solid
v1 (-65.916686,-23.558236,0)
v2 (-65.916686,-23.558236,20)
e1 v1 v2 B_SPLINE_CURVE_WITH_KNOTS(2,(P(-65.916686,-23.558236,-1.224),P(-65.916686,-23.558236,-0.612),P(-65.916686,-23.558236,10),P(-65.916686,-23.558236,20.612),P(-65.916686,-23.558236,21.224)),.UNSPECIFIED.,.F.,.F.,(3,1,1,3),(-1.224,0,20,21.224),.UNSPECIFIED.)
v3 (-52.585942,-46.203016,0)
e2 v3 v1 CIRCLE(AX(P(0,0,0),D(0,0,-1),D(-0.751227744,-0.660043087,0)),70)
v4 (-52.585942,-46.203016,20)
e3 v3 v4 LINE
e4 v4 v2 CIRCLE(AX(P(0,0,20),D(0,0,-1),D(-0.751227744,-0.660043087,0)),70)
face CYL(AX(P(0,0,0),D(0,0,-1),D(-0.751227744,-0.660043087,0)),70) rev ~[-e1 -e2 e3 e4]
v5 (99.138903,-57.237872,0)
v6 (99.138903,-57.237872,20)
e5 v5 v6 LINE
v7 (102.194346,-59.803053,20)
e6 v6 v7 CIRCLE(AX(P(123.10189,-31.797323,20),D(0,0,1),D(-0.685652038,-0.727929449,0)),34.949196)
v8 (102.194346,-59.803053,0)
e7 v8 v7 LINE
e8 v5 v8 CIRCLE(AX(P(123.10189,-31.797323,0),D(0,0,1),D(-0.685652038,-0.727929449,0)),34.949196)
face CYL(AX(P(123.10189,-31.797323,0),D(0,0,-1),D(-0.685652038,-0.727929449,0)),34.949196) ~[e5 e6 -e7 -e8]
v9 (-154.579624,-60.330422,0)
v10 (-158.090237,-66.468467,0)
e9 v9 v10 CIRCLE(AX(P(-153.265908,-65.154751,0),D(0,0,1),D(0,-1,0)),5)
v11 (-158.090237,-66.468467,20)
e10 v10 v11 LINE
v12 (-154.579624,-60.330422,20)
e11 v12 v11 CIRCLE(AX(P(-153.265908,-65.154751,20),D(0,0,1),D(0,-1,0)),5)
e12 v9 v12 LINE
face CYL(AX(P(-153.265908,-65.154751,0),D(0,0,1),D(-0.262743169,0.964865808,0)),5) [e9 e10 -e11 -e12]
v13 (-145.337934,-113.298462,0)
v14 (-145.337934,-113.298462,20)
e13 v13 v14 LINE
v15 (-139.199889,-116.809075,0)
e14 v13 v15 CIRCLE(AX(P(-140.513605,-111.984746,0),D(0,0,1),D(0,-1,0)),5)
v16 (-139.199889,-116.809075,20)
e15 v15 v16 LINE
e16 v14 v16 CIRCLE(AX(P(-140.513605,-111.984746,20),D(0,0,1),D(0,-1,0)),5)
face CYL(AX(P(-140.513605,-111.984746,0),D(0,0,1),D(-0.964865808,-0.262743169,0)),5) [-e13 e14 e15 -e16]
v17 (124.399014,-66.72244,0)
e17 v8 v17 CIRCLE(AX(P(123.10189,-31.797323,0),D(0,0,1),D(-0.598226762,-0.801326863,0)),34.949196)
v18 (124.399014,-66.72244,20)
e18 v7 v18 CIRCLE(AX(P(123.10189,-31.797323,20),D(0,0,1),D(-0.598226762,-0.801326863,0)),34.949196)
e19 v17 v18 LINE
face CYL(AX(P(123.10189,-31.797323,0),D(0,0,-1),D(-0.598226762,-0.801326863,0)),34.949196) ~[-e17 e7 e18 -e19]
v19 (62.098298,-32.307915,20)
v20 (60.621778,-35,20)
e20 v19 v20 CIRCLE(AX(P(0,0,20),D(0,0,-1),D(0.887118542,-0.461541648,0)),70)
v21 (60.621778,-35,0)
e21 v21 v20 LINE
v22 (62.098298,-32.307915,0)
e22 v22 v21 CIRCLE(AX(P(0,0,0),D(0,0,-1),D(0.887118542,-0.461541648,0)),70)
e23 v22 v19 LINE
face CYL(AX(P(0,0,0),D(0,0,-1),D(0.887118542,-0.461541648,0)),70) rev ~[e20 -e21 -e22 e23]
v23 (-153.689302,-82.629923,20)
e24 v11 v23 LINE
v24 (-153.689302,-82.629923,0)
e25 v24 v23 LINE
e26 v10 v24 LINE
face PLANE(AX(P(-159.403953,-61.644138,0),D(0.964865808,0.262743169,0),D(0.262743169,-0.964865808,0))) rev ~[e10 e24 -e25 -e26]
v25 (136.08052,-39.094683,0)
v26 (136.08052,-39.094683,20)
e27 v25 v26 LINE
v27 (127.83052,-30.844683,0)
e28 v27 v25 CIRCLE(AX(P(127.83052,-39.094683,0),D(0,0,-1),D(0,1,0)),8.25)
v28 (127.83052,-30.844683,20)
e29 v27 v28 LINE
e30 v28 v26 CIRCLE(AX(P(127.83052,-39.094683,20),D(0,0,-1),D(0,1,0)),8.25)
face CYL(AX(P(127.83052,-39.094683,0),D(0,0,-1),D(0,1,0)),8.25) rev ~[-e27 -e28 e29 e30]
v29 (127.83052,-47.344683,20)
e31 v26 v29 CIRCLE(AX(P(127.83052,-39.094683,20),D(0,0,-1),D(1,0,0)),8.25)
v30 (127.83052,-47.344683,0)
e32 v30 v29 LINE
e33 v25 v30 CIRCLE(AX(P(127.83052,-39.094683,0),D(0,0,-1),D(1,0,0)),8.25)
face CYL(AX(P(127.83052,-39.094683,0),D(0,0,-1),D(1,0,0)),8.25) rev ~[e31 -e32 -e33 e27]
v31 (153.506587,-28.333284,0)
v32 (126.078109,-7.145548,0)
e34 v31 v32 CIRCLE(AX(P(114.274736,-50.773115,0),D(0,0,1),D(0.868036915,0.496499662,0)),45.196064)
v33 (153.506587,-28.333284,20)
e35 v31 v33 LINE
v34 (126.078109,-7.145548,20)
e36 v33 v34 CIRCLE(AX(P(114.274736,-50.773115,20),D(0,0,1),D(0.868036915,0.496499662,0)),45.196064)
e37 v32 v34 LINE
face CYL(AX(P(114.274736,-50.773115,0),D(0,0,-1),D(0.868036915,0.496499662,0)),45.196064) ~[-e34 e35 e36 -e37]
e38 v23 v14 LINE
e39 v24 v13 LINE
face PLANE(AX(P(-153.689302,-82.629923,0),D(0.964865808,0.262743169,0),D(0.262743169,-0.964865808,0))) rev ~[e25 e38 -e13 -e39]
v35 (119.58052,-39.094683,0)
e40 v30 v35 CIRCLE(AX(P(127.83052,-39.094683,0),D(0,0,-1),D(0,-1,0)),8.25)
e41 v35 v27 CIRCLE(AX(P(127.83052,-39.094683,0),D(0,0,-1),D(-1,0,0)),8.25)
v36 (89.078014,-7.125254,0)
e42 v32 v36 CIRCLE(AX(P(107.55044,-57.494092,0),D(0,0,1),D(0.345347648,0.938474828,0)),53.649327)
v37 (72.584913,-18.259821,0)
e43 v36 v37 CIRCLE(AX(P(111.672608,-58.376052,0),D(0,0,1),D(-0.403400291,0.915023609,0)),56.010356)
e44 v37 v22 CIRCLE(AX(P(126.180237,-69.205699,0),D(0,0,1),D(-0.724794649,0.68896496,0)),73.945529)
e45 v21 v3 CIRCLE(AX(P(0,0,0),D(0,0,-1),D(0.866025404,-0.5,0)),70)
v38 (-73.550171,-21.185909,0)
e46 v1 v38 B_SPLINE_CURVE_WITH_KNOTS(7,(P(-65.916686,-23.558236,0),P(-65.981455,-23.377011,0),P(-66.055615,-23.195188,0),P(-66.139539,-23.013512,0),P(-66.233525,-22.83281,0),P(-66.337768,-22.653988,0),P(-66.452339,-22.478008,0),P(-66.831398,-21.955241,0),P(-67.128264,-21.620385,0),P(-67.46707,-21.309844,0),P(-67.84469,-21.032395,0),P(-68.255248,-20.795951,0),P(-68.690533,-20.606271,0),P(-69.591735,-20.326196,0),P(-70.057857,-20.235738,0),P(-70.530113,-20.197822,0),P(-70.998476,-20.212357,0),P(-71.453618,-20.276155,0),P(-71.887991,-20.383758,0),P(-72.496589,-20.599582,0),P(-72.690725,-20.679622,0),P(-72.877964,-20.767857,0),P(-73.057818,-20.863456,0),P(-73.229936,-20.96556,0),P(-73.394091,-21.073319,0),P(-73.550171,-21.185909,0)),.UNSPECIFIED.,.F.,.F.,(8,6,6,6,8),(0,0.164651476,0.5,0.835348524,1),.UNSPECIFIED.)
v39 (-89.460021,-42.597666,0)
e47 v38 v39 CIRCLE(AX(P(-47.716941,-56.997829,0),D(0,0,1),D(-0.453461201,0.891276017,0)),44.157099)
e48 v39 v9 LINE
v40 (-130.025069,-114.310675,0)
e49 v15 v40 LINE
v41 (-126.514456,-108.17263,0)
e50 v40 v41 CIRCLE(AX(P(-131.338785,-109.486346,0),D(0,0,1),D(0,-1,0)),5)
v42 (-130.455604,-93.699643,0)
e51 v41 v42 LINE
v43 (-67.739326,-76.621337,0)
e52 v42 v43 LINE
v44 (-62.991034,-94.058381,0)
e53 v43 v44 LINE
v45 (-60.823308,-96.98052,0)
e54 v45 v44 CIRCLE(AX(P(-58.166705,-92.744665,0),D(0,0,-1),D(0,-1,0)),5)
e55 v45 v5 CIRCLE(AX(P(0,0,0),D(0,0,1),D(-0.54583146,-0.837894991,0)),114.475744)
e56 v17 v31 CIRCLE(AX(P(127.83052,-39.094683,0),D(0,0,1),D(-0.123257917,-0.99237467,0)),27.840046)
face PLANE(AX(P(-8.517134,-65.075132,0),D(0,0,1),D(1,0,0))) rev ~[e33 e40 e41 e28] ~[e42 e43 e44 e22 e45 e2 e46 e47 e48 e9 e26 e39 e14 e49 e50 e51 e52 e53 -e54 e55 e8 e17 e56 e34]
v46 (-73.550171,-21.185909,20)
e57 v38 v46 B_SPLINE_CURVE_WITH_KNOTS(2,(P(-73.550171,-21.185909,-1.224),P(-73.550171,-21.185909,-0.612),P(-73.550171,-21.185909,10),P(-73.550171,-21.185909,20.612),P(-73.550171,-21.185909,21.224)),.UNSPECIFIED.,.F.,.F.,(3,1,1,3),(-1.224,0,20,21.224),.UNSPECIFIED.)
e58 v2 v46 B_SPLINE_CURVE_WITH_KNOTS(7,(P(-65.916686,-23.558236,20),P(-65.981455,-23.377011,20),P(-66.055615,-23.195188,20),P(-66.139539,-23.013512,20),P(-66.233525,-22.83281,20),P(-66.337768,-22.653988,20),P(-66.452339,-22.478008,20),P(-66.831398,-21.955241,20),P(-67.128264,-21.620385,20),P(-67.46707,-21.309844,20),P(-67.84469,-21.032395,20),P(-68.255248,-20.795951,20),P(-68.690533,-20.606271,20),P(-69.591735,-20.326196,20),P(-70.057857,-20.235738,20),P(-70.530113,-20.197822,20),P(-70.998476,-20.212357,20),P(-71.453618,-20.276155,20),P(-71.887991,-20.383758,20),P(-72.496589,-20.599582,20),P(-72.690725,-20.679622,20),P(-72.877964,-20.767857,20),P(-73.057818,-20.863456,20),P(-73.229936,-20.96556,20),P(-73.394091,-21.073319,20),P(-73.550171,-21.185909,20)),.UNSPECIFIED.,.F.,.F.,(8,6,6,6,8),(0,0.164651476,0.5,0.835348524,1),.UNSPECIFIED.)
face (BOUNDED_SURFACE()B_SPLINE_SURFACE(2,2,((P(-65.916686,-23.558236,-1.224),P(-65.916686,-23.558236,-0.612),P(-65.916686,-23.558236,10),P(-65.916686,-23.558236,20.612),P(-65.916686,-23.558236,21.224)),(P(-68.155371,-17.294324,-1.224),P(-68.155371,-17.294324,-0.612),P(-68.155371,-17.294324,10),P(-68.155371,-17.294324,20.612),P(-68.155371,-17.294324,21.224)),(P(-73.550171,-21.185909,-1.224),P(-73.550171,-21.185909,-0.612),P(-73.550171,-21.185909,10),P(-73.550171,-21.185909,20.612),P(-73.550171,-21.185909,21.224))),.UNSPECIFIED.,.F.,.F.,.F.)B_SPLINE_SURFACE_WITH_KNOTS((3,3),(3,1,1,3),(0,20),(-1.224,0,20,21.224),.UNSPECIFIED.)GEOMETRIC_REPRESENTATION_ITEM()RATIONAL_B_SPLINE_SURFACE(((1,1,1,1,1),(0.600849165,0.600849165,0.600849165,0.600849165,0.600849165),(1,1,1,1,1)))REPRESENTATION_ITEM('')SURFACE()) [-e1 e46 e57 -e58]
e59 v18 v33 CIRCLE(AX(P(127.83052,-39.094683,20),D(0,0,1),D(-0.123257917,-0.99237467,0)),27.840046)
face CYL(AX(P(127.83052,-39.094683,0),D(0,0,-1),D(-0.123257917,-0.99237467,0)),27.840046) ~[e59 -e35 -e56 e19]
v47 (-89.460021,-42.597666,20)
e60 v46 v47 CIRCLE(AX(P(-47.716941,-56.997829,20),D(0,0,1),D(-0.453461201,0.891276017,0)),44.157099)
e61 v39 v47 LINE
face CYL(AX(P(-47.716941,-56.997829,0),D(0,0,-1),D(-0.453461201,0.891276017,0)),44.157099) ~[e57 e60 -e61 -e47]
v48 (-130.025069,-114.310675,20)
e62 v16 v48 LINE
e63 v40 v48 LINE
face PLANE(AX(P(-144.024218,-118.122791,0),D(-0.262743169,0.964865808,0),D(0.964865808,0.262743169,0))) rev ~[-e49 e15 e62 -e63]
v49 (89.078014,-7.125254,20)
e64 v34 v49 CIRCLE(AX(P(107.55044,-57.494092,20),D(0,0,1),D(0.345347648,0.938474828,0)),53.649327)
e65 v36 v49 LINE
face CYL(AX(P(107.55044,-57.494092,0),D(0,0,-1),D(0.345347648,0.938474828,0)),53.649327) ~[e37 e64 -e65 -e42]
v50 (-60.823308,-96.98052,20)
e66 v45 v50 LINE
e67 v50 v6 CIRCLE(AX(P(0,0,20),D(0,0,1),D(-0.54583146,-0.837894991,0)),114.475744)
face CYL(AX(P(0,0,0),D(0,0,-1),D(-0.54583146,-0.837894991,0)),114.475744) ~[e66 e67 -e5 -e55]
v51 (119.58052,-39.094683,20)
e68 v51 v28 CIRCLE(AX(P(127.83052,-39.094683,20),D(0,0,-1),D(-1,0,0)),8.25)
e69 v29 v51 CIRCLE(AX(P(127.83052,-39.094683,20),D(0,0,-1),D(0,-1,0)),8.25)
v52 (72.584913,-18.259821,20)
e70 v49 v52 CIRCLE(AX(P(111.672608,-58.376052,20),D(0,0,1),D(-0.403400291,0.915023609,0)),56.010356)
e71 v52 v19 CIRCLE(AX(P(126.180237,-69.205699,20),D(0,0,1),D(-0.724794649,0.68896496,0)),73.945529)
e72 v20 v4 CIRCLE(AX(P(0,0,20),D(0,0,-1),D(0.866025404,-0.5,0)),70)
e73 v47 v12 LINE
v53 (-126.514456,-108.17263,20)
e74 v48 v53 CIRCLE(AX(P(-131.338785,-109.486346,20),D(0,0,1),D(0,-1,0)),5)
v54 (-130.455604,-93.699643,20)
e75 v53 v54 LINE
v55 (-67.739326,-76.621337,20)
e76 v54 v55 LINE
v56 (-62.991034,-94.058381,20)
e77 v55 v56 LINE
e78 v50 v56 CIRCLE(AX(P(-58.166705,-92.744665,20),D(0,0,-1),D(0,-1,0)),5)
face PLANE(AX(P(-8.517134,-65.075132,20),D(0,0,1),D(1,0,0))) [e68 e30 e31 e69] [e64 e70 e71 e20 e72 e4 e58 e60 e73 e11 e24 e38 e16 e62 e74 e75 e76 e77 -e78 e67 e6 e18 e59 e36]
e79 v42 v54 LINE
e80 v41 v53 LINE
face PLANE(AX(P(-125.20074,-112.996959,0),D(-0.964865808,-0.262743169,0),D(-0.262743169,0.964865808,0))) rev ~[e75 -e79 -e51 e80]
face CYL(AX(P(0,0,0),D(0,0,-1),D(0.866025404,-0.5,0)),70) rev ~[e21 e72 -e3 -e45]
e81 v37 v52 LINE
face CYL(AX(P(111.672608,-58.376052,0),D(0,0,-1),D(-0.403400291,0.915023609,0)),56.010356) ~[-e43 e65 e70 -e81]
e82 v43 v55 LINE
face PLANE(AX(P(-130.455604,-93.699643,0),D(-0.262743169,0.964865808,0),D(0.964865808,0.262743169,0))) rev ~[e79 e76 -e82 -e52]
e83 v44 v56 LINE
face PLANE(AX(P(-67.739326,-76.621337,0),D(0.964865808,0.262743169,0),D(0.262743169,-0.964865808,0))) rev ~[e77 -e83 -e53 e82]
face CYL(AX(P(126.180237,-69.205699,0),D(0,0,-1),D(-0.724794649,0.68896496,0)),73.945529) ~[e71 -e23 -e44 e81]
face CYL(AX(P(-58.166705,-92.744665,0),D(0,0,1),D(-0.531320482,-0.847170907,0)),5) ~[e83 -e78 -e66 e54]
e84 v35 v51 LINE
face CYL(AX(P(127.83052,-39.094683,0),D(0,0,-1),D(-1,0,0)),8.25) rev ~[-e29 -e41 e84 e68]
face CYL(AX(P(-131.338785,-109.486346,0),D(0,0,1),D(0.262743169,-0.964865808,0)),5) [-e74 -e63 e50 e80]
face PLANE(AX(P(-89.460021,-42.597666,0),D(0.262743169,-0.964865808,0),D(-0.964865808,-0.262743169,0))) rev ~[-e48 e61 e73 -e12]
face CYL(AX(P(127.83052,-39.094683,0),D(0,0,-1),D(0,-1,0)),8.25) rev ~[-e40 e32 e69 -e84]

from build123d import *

# Parameters (mm, degrees)
F1_DEPTH = 20
F2_R     = 5


with BuildPart() as f1:
    # F0 (on Top) → F1 (new body)
    with BuildSketch(Plane.XY):
        with BuildLine():
            ThreePointArc((62.0982979234, -32.3079153616), (61.3748002428, -33.6620542326), (60.6217782649, -35))
            ThreePointArc((60.6217782649, -35), (6.8935156521, -69.6597404672), (-52.585942091, -46.2030160747))
            ThreePointArc((-52.585942091, -46.2030160747), (-61.8348543065, -32.8093095462), (-67.7404726567, -17.6416655747))
            ThreePointArc((-67.7404726567, -17.6416655747), (-81.0257847056, -28.0086868154), (-89.4600211499, -42.5976655747))
            Line((-89.4600211499, -42.5976655747), (-159.4039528531, -61.6441383078))
            Line((-159.4039528531, -61.6441383078), (-153.6893015355, -82.6299232912))
            Line((-153.6893015355, -82.6299232912), (-144.0242180926, -118.1227909579))
            Line((-144.0242180926, -118.1227909579), (-125.2007401483, -112.996958728))
            Line((-125.2007401483, -112.996958728), (-130.4556035369, -93.6996425735))
            Line((-130.4556035369, -93.6996425735), (-67.7393260347, -76.6213365607))
            Line((-67.7393260347, -76.6213365607), (-62.4844626461, -95.9186527152))
            ThreePointArc((-62.4844626461, -95.9186527152), (26.6446559229, -111.3317489381), (99.1389025971, -57.2378721016))
            ThreePointArc((99.1389025971, -57.2378721016), (100.6299921675, -58.5640955368), (102.1943456774, -59.8030526802))
            ThreePointArc((102.1943456774, -59.8030526802), (112.7042159478, -65.1639931789), (124.3990139715, -66.7224396218))
            ThreePointArc((124.3990139715, -66.7224396218), (150.0146795525, -55.9152425647), (153.506587349, -28.3332844884))
            ThreePointArc((153.506587349, -28.3332844884), (141.9040424388, -15.0057333176), (126.0781092152, -7.1455484467))
            ThreePointArc((126.0781092152, -7.1455484467), (107.5798665118, -3.8447724044), (89.0780140303, -7.1252541295))
            ThreePointArc((89.0780140303, -7.1252541295), (80.333002866, -11.9541917196), (72.5849125327, -18.2598205304))
            ThreePointArc((72.5849125327, -18.2598205304), (66.9238294882, -24.9720069264), (62.0982979234, -32.3079153616))
        make_face()
        with BuildLine():
            ThreePointArc((127.83052, -30.8446834837), (133.6641509448, -33.2610525389), (136.08052, -39.0946834837))
            ThreePointArc((136.08052, -39.0946834837), (133.6641509448, -44.9283144285), (127.83052, -47.3446834837))
            ThreePointArc((127.83052, -47.3446834837), (121.9968890552, -44.9283144285), (119.58052, -39.0946834837))
            ThreePointArc((119.58052, -39.0946834837), (121.9968890552, -33.2610525389), (127.83052, -30.8446834837))
        make_face(mode=Mode.SUBTRACT)
    extrude(amount=F1_DEPTH)

    # F2
    f2_edges = [f1.edges().sort_by_distance(p)[0] for p in [
        (-67.740473, -17.641666, 10),
        (-159.403953, -61.644138, 10),
        (-144.024218, -118.122791, 10),
        (-125.20074, -112.996959, 10),
        (-62.484463, -95.918653, 10),
    ]]
    fillet(f2_edges, radius=F2_R)


solid = f1.part
